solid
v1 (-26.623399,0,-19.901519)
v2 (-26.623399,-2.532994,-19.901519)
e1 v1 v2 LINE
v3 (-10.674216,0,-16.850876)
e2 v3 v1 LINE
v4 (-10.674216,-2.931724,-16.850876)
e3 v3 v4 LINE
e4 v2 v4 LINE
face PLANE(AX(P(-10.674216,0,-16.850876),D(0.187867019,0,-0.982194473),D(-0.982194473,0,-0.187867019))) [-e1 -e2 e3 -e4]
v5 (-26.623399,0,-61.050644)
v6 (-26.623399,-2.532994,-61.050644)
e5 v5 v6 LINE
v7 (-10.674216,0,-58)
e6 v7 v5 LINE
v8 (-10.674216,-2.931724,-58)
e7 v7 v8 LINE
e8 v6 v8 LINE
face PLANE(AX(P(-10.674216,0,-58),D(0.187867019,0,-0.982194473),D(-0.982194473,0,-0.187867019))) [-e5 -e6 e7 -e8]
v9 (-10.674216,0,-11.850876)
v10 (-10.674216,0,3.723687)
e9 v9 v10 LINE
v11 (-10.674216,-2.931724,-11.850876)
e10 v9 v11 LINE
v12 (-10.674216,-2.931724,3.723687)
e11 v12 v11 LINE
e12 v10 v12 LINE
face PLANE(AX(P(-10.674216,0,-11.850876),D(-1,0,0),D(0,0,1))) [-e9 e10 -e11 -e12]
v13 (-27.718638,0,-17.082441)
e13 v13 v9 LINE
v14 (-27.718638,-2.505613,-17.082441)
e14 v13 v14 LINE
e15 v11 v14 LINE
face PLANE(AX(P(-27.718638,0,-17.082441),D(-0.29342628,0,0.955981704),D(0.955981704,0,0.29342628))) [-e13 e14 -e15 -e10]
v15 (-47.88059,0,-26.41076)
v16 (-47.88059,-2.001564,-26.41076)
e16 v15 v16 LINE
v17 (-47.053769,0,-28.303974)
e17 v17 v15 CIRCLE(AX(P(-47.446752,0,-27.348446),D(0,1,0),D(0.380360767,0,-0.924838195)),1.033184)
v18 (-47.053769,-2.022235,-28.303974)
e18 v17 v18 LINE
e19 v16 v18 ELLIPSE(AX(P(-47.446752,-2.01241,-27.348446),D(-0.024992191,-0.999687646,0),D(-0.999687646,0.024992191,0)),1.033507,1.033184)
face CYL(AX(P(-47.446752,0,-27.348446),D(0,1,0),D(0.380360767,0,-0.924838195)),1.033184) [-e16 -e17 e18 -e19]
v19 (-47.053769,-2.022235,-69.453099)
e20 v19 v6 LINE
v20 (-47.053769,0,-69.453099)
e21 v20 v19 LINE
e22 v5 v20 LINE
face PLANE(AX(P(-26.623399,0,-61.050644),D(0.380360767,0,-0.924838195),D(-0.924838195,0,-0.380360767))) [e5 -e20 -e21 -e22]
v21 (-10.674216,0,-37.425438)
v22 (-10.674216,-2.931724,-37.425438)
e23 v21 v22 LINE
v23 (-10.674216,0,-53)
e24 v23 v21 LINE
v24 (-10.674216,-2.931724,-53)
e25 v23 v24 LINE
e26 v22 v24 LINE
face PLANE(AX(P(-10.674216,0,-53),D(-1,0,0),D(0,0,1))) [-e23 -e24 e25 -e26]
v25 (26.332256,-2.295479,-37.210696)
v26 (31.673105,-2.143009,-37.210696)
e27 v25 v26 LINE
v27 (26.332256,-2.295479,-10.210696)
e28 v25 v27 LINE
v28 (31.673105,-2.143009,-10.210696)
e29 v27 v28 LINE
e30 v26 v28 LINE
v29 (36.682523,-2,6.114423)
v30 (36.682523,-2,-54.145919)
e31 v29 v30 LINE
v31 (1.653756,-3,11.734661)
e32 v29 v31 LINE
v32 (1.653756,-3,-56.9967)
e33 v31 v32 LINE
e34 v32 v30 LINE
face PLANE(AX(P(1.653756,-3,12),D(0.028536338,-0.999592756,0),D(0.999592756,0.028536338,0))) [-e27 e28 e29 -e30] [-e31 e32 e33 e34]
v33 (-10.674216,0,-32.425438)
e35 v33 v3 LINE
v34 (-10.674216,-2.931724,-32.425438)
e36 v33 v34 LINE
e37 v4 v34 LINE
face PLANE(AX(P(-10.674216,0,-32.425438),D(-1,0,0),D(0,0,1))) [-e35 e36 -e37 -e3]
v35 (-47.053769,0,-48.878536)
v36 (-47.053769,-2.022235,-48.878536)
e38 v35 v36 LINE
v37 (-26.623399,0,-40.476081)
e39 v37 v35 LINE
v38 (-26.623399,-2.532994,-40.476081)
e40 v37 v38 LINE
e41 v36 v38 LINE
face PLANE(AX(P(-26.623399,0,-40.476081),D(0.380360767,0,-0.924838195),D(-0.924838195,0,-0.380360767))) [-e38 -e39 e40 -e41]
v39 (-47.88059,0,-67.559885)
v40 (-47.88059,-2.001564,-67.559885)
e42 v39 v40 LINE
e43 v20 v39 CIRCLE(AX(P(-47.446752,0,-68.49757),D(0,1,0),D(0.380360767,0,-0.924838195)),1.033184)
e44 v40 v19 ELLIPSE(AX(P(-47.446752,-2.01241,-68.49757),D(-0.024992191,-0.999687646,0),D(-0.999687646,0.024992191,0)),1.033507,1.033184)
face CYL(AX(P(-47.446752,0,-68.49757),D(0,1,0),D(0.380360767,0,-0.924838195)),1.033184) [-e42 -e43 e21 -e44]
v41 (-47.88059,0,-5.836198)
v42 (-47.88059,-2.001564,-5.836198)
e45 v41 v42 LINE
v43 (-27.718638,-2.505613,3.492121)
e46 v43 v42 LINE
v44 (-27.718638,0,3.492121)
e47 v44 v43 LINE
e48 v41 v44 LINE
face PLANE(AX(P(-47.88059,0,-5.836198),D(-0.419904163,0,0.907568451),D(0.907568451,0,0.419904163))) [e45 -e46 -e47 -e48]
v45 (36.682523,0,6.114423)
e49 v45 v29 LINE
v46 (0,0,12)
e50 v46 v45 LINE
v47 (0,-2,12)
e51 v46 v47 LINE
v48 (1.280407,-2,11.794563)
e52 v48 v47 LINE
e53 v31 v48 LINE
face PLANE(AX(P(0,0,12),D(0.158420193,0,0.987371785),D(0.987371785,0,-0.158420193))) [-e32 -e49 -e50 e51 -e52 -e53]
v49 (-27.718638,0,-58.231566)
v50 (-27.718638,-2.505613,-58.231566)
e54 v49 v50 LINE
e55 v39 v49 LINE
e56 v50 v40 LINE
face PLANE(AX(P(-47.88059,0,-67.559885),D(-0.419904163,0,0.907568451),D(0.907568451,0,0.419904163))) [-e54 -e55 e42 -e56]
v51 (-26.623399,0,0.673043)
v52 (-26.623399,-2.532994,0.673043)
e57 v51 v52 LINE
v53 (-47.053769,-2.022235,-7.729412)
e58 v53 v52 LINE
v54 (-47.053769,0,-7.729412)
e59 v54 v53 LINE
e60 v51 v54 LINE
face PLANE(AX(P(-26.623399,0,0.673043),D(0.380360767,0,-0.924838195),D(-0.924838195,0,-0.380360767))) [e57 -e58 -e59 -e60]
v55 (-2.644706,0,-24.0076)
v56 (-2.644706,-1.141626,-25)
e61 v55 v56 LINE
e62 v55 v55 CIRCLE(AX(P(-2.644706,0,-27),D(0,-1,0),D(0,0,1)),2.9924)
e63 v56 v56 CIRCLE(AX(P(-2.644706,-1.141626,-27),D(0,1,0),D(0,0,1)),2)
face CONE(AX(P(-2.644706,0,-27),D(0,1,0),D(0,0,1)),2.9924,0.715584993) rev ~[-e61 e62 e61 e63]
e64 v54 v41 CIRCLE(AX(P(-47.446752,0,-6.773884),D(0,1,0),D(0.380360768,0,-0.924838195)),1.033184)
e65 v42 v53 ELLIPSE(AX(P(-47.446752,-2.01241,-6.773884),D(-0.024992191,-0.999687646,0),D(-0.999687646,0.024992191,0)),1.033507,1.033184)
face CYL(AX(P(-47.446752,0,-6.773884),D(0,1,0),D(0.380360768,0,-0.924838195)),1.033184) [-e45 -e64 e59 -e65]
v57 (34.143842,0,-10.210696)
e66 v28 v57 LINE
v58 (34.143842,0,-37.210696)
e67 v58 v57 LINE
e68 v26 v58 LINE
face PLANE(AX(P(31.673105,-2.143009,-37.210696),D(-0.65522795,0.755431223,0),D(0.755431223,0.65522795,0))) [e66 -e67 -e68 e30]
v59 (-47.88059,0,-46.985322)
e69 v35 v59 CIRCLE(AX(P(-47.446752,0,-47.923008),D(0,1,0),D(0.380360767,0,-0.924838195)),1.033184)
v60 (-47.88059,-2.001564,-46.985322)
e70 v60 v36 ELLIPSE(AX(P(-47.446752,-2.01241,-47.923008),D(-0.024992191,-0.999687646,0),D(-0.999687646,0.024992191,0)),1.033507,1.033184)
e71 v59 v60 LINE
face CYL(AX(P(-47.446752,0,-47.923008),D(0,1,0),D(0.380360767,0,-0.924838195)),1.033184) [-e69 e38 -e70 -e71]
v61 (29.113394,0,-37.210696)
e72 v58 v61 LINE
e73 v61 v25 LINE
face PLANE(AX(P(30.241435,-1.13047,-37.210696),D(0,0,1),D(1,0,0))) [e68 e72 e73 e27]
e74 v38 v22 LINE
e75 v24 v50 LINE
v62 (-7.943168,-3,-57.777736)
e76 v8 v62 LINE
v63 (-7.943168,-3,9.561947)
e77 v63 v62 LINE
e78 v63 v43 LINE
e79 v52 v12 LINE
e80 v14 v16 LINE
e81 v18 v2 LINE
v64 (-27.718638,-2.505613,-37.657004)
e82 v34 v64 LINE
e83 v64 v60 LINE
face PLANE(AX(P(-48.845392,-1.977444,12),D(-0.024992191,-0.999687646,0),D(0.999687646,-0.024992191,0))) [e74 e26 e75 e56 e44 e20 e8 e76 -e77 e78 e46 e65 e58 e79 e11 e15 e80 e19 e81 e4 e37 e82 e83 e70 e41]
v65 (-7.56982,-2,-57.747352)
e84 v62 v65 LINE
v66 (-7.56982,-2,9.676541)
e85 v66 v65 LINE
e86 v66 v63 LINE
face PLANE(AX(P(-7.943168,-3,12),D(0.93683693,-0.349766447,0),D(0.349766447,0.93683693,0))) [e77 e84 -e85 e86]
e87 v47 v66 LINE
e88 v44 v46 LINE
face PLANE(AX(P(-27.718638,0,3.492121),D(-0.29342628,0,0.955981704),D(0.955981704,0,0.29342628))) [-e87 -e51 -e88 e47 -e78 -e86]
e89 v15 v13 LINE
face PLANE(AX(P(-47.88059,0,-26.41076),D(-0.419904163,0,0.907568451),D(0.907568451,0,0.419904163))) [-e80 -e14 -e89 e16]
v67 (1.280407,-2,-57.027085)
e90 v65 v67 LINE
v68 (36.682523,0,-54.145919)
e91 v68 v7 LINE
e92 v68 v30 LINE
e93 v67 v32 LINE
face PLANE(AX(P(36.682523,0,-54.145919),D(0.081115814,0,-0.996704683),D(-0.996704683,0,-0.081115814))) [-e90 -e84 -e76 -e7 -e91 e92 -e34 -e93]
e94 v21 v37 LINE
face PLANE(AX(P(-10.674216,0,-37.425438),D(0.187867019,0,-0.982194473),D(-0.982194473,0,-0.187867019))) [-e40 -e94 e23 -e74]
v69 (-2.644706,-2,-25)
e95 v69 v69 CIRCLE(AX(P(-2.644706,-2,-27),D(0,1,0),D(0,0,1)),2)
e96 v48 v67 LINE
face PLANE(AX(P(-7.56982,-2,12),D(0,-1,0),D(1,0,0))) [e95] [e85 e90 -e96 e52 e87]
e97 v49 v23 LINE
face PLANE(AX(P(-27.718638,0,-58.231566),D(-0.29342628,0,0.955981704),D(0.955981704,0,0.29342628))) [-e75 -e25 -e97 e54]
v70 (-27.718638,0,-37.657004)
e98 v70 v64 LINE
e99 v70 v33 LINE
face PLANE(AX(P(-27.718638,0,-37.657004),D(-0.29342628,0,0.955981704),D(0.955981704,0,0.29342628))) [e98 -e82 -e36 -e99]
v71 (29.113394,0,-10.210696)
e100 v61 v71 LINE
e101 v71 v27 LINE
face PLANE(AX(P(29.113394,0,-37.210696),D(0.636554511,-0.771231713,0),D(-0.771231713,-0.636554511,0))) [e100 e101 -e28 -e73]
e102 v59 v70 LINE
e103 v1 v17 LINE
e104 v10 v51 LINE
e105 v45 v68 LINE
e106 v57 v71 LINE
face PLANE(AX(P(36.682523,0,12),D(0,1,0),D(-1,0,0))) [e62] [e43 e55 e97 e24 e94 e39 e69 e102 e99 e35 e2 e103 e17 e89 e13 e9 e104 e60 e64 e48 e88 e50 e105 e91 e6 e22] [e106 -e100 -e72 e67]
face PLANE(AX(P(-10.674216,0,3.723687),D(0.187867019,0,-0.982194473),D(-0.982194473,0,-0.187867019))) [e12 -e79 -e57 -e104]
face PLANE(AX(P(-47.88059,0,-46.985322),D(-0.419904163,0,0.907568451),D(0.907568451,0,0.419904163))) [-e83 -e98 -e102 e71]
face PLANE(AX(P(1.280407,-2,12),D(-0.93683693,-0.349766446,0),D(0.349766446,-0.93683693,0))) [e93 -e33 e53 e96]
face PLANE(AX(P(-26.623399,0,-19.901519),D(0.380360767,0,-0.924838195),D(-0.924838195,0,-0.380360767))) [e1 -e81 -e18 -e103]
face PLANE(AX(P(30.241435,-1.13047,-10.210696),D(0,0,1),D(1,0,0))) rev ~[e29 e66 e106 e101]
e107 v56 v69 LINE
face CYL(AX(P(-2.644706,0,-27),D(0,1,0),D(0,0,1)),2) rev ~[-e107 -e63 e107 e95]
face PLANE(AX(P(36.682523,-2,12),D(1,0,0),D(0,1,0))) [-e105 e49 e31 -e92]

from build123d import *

# Parameters (mm, degrees)
BOSS_EXTRUDE1_START = 12
BOSS_EXTRUDE1_DEPTH = 81.818884
SKETCH1_OUTSIDE_W   = 111.208
SKETCH1_OUTSIDE_H   = 107.499
CUT_EXTRUDE1_DEPTH  = 86.261649485
CUT_EXTRUDE2_START  = -37.210696
CUT_EXTRUDE2_DEPTH  = 27
SKETCH5_R           = 2
CUT_EXTRUDE4_DEPTH  = 85.8164494


with BuildPart() as part:
    # Sketch2 → Boss-Extrude1 (new body)
    with BuildSketch(Plane.XY.offset(BOSS_EXTRUDE1_START)):
        Polygon((-48.8453919, -1.977444406), (-7.943168155, -3), (-7.569819885, -2), (1.280407352, -2), (1.653755621, -3), (36.682523305, -2), (36.682523305, 0), (-48.8453919, 0), align=None)
    extrude(amount=-BOSS_EXTRUDE1_DEPTH)

    # Sketch1 outside → Cut-Extrude1 (cut, through all)
    with BuildSketch(Plane(origin=(0, 0, 0), x_dir=(1, 0, 0), z_dir=(0, 1, 0))):
        with Locations((-6.081, 28.9095)):
            Rectangle(SKETCH1_OUTSIDE_W, SKETCH1_OUTSIDE_H)
        with BuildLine():
            Line((-27.718637693, -3.492120904), (0, -12))
            Line((0, -12), (36.682523305, -6.114423246))
            Line((36.682523305, -6.114423246), (36.682523305, 54.145919103))
            Line((36.682523305, 54.145919103), (-10.674216271, 58))
            Line((-10.674216271, 58), (-26.6233986, 61.050643653))
            Line((-26.6233986, 61.050643653), (-47.053769098, 69.453098724))
            ThreePointArc((-47.053769098, 69.453098724), (-48.393579381, 68.911077159), (-47.880590401, 67.559884621))
            Line((-47.880590401, 67.559884621), (-27.718637693, 58.23156579))
            Line((-27.718637693, 58.23156579), (-10.674216271, 53))
            Line((-10.674216271, 53), (-10.674216271, 37.425437768))
            Line((-10.674216271, 37.425437768), (-26.6233986, 40.476081421))
            Line((-26.6233986, 40.476081421), (-47.053769098, 48.878536493))
            ThreePointArc((-47.053769098, 48.878536493), (-48.393579381, 48.336514928), (-47.880590401, 46.985322389))
            Line((-47.880590401, 46.985322389), (-27.718637693, 37.657003559))
            Line((-27.718637693, 37.657003559), (-10.674216271, 32.425437768))
            Line((-10.674216271, 32.425437768), (-10.674216271, 16.850875537))
            Line((-10.674216271, 16.850875537), (-26.6233986, 19.90151919))
            Line((-26.6233986, 19.90151919), (-47.053769098, 28.303974261))
            ThreePointArc((-47.053769098, 28.303974261), (-48.393579381, 27.761952696), (-47.880590401, 26.410760157))
            Line((-47.880590401, 26.410760157), (-27.718637693, 17.082441327))
            Line((-27.718637693, 17.082441327), (-10.674216271, 11.850875537))
            Line((-10.674216271, 11.850875537), (-10.674216271, -3.723686695))
            Line((-10.674216271, -3.723686695), (-26.6233986, -0.673043042))
            Line((-26.6233986, -0.673043042), (-47.053769098, 7.729412029))
            ThreePointArc((-47.053769098, 7.729412029), (-48.393579381, 7.187390465), (-47.880590401, 5.836197926))
            Line((-47.880590401, 5.836197926), (-27.718637693, -3.492120904))
        make_face(mode=Mode.SUBTRACT)
    extrude(amount=-CUT_EXTRUDE1_DEPTH, mode=Mode.SUBTRACT)

    # Sketch3 → Cut-Extrude2 (cut)
    with BuildSketch(Plane.XY.offset(CUT_EXTRUDE2_START)):
        Polygon((34.143841834, 0), (29.113394238, 0), (26.332255745, -2.295479066), (31.673105241, -2.143008687), align=None)
    extrude(amount=CUT_EXTRUDE2_DEPTH, mode=Mode.SUBTRACT)

    # Cut-Extrude3 cone 1 section (through the dimple's axis) → Cut-Extrude3 (revolve, cut)
    with BuildSketch(Plane(origin=(-2.644706267, 0, -27), x_dir=(0, 0, 1), z_dir=(1, 0, 0))):
        Polygon((0, 0), (2.9924, 0), (0, 3.442362422), align=None)
    revolve(axis=Axis((-2.644706267, 0, -27), (0, -1, 0)), mode=Mode.SUBTRACT)

    # Sketch5 → Cut-Extrude4 (cut, through all)
    with BuildSketch(Plane(origin=(0, 0, 0), x_dir=(1, 0, 0), z_dir=(0, 1, 0))):
        with Locations(Location((-2.644706267, 27, 0), (0, 0, 270))):
            Circle(SKETCH5_R)
    extrude(amount=-CUT_EXTRUDE4_DEPTH, mode=Mode.SUBTRACT)


solid = part.part
